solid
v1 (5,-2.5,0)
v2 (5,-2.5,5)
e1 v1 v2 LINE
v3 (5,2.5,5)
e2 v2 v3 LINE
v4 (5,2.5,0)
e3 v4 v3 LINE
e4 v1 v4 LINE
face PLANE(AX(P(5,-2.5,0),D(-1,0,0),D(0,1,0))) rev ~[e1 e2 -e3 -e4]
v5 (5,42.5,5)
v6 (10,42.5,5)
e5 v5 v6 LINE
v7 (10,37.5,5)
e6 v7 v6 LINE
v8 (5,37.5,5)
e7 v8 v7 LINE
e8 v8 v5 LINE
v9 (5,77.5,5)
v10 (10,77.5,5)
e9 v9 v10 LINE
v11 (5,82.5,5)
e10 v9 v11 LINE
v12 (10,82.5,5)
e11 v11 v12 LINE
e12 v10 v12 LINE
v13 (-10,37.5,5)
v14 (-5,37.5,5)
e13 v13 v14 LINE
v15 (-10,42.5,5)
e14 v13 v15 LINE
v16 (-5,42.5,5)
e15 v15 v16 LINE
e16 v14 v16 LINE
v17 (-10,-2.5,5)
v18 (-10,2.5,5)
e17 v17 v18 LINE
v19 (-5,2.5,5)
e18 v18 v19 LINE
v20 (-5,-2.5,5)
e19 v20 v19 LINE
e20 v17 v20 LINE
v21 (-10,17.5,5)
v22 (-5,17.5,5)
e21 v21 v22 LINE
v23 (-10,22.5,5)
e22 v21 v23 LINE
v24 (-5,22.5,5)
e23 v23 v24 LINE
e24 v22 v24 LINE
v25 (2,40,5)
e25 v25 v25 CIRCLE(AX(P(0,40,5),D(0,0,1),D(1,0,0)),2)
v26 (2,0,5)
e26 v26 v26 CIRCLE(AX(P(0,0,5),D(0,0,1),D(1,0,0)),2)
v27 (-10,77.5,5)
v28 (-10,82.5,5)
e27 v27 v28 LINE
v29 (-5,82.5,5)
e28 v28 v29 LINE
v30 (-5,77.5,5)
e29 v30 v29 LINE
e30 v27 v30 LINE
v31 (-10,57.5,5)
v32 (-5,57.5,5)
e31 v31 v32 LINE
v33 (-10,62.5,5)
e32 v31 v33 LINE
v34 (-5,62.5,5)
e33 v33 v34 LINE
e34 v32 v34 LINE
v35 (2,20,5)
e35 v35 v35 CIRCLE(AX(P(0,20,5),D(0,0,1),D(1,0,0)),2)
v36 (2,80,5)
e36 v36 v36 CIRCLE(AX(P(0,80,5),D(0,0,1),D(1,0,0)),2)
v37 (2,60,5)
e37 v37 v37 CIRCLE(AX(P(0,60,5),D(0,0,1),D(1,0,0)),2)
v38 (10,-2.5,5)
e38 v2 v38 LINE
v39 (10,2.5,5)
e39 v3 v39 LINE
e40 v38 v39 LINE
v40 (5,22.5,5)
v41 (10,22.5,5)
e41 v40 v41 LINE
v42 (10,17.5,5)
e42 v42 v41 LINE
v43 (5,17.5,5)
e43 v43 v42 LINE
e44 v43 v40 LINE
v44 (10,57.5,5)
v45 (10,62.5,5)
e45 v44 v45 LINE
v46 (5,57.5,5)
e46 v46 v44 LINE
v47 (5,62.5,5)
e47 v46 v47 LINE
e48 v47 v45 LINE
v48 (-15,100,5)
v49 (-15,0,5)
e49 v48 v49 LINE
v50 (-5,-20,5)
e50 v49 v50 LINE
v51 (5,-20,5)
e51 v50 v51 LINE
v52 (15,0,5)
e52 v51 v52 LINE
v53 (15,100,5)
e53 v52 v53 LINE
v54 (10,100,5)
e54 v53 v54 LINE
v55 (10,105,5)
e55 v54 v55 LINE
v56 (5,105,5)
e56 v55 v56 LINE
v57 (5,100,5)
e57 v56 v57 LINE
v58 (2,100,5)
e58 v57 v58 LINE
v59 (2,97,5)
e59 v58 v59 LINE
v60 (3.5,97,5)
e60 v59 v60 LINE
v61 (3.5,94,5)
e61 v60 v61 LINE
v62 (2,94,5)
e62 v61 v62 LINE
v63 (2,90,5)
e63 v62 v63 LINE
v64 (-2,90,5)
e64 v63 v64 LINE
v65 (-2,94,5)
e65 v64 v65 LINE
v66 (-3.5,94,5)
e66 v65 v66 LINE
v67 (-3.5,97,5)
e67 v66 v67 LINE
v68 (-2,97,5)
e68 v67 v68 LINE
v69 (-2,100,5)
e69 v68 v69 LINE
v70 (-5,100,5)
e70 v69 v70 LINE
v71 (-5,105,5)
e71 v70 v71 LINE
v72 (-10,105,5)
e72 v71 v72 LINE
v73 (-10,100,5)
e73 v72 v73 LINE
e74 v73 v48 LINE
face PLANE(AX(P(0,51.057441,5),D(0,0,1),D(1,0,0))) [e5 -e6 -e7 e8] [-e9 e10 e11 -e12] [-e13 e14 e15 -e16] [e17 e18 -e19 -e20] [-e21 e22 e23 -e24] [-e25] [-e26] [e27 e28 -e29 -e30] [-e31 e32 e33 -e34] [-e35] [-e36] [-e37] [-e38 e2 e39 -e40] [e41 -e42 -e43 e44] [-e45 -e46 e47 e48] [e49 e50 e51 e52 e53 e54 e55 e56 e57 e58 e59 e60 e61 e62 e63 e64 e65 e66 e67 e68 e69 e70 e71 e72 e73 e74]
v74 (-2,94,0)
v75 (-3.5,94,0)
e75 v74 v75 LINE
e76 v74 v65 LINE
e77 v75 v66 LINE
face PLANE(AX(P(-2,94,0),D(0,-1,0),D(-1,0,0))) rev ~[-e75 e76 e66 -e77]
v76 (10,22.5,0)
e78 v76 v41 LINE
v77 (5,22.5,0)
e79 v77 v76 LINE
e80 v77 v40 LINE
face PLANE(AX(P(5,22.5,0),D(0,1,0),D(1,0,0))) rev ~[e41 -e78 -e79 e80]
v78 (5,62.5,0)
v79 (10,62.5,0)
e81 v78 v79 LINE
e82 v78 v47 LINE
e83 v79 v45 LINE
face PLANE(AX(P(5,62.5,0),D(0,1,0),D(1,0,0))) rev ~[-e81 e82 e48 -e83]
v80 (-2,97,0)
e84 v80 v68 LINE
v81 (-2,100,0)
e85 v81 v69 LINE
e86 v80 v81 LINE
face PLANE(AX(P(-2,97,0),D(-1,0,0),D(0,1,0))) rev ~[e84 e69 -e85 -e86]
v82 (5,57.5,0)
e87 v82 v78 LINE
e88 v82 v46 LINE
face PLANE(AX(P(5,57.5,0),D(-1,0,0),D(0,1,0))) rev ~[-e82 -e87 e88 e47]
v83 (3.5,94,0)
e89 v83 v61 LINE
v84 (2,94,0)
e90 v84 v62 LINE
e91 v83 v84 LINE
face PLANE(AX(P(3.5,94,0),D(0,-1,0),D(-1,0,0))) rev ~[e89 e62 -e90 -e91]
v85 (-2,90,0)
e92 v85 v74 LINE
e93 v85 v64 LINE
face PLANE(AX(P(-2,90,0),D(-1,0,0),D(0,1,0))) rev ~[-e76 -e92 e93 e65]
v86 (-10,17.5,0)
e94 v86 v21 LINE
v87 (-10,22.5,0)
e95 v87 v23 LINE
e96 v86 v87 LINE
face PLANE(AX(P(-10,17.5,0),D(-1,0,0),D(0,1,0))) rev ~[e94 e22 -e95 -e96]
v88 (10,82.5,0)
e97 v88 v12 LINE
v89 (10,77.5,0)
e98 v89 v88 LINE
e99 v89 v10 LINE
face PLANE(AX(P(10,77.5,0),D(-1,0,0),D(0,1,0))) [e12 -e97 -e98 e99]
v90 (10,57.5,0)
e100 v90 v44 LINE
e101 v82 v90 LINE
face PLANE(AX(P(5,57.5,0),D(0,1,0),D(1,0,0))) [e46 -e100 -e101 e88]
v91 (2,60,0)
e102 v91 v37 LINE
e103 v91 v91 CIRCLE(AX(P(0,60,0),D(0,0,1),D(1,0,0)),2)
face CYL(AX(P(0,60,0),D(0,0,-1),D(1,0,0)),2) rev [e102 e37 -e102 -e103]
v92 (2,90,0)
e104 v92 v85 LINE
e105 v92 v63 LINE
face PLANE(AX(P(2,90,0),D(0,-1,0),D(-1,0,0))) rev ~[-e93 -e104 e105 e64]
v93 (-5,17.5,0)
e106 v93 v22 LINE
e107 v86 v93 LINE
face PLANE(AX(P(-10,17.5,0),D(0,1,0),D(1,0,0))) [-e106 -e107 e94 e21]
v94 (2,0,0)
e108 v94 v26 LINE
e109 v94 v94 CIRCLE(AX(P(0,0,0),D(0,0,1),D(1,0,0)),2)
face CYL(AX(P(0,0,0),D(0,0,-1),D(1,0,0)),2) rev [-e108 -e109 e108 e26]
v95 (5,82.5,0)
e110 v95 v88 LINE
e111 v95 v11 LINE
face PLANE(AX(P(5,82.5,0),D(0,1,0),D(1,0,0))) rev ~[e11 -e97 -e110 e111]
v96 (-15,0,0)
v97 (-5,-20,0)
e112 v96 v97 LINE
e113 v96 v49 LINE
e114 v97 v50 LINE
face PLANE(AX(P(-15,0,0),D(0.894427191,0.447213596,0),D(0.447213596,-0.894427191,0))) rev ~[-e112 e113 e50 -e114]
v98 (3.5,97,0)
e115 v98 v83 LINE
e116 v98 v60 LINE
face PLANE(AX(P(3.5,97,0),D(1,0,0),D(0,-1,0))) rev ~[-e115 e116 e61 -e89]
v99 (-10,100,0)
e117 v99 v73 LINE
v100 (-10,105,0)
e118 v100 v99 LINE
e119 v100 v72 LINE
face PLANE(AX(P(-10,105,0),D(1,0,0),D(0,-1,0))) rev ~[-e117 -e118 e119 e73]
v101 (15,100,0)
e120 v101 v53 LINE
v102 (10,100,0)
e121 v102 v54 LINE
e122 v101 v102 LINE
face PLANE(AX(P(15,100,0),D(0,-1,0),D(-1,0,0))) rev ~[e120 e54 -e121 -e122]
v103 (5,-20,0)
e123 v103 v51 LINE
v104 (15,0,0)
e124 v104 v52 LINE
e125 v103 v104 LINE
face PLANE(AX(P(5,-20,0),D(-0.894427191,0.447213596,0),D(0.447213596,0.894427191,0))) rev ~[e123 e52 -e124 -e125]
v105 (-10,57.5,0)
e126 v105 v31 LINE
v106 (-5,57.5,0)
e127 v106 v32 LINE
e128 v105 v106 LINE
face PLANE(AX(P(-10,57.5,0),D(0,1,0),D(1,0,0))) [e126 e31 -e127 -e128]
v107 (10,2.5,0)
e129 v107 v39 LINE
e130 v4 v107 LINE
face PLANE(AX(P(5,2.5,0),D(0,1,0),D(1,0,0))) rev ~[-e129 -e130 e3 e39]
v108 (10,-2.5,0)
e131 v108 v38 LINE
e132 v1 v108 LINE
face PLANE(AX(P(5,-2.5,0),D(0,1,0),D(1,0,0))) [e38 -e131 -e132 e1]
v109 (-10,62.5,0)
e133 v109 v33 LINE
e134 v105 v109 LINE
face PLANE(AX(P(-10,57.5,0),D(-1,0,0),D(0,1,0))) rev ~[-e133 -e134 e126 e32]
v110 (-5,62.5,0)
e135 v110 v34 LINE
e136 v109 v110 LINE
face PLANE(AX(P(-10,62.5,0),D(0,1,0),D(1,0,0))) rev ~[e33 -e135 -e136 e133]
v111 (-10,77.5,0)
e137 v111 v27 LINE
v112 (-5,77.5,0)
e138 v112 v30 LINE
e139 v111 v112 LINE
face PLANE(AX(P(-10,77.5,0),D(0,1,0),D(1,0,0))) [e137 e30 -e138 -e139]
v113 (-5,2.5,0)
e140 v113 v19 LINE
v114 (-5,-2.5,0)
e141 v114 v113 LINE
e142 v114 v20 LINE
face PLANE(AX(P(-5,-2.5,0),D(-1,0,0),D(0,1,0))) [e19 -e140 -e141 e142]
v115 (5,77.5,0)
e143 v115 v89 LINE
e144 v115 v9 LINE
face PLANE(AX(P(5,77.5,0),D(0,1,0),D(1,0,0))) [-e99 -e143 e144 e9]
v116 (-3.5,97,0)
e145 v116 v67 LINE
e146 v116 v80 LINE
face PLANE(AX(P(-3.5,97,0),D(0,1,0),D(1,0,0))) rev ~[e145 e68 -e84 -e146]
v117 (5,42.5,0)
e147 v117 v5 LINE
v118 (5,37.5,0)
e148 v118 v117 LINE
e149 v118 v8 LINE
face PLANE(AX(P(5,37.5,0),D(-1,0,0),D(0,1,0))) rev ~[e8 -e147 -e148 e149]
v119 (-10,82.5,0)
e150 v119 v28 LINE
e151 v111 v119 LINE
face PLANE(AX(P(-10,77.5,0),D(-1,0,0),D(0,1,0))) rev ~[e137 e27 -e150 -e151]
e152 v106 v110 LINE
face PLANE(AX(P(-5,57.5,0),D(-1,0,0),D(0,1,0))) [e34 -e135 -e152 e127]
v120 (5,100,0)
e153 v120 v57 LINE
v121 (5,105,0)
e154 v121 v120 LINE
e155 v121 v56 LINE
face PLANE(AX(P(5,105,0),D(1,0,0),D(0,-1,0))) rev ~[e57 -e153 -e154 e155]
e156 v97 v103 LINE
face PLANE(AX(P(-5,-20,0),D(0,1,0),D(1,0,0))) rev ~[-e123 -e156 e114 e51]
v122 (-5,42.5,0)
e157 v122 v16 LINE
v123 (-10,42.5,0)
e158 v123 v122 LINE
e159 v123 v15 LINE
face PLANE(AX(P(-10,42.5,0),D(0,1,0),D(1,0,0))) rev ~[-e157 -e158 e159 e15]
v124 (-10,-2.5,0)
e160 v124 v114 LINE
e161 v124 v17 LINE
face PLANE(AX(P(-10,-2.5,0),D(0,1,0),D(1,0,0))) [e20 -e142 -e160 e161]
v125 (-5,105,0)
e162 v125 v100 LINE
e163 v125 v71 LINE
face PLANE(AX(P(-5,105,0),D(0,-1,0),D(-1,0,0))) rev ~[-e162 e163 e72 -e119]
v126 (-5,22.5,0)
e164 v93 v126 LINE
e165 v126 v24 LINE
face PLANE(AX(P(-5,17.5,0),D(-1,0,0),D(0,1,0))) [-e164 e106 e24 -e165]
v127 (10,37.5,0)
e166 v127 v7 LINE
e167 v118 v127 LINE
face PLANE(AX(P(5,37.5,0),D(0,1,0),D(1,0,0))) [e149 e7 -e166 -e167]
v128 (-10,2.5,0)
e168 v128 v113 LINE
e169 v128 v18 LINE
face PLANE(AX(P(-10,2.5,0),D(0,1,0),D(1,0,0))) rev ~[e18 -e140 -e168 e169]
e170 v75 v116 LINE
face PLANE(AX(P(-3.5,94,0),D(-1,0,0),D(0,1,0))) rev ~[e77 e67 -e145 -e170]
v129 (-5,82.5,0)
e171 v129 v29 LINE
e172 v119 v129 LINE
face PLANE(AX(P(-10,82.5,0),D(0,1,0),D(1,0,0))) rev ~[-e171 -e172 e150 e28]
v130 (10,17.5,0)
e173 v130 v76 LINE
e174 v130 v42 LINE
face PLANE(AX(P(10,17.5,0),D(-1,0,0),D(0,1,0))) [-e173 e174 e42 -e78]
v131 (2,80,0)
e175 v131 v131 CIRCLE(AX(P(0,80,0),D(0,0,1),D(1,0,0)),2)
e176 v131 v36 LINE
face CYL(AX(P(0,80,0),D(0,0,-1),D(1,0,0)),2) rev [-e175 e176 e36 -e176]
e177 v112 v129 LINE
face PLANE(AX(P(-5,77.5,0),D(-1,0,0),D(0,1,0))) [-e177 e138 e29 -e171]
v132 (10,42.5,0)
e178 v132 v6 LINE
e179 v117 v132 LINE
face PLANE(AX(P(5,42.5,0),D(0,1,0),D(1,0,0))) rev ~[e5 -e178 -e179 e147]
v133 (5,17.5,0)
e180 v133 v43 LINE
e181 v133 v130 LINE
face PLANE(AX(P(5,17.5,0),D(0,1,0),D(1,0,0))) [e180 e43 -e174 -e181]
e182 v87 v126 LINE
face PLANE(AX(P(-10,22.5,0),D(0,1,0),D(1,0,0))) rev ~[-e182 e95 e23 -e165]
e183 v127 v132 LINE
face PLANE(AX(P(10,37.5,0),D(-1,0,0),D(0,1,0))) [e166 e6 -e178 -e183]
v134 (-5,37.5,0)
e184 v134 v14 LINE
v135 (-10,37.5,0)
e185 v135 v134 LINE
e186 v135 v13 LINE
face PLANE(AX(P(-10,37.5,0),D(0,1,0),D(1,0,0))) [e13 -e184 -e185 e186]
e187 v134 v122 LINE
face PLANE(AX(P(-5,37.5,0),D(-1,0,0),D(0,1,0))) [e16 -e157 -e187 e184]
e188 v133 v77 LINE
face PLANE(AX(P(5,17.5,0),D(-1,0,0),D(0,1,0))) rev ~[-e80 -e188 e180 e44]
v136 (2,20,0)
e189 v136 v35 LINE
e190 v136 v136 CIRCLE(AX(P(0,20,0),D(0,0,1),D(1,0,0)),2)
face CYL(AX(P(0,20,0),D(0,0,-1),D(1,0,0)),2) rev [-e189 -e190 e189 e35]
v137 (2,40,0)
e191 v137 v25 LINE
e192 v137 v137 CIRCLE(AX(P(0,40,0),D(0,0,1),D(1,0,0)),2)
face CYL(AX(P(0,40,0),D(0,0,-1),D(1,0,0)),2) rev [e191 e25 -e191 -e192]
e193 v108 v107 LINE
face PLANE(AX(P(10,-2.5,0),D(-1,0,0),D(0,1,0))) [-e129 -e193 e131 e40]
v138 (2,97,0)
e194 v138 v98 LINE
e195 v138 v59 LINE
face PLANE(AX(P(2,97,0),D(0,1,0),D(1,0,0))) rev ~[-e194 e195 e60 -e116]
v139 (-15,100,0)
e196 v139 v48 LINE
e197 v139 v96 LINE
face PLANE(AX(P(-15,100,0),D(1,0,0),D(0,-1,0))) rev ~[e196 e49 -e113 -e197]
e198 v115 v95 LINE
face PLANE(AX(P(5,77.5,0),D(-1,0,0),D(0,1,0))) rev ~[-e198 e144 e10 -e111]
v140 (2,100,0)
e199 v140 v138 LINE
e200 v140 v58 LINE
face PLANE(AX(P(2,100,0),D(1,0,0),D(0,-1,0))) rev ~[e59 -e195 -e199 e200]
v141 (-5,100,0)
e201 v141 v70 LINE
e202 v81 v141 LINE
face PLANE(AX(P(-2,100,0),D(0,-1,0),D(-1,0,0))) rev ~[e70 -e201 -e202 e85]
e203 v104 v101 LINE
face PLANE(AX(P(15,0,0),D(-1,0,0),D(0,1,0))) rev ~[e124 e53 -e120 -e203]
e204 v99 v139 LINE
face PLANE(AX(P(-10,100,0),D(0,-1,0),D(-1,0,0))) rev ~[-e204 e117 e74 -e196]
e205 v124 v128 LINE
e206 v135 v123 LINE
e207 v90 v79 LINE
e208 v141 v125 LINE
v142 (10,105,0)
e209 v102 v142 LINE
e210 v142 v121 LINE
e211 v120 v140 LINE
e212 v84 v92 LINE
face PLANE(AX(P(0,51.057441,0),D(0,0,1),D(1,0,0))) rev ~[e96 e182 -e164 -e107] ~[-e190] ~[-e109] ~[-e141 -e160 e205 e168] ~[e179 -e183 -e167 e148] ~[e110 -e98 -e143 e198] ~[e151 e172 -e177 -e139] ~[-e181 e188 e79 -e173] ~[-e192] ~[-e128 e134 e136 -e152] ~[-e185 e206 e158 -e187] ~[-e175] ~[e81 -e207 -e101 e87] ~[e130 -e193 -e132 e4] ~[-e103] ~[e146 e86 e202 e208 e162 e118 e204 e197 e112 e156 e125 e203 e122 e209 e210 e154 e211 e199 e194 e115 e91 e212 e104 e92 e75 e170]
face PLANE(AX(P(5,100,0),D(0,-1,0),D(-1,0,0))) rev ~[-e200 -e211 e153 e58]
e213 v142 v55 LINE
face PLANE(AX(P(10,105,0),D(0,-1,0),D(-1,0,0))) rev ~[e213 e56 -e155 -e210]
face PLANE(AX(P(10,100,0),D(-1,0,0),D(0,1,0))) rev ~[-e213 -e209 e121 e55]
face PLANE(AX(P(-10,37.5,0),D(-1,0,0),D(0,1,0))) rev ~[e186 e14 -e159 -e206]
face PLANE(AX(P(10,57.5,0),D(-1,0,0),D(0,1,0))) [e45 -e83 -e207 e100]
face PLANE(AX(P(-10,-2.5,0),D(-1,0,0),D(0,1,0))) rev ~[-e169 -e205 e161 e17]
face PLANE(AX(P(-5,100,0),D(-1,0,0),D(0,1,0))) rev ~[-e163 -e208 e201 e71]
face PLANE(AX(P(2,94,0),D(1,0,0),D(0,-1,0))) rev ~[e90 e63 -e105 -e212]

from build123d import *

# Parameters (mm, degrees)
ESQUISSE1_R        = 2
ESQUISSE1_W        = 5
ESQUISSE1_H        = 5
BOSS_EXTRU_1_DEPTH = 5


with BuildPart() as part:
    # Esquisse1 → Boss.-Extru.1 (new body)
    with BuildSketch(Plane.XY):
        Polygon((-10, 100), (-15, 100), (-15, 0), (-5, -20), (5, -20), (15, 0), (15, 100), (10, 100), (10, 105), (5, 105), (5, 100), (2, 100), (2, 97), (3.5, 97), (3.5, 94), (2, 94), (2, 90), (-2, 90), (-2, 94), (-3.5, 94), (-3.5, 97), (-2, 97), (-2, 100), (-5, 100), (-5, 105), (-10, 105), align=None)
        with Locations((0, 40)):
            Circle(ESQUISSE1_R, mode=Mode.SUBTRACT)
        with Locations((0, 20)):
            Circle(ESQUISSE1_R, mode=Mode.SUBTRACT)
        Circle(ESQUISSE1_R, mode=Mode.SUBTRACT)
        with Locations((0, 60)):
            Circle(ESQUISSE1_R, mode=Mode.SUBTRACT)
        with Locations((0, 80)):
            Circle(ESQUISSE1_R, mode=Mode.SUBTRACT)
        with Locations((-7.5, 40)):
            Rectangle(ESQUISSE1_W, ESQUISSE1_H, mode=Mode.SUBTRACT)
        with Locations((7.5, 40)):
            Rectangle(ESQUISSE1_W, ESQUISSE1_H, mode=Mode.SUBTRACT)
        with Locations((-7.5, 20)):
            Rectangle(ESQUISSE1_W, ESQUISSE1_H, mode=Mode.SUBTRACT)
        with Locations((7.5, 20)):
            Rectangle(ESQUISSE1_W, ESQUISSE1_H, mode=Mode.SUBTRACT)
        with Locations((-7.5, 0)):
            Rectangle(ESQUISSE1_W, ESQUISSE1_H, mode=Mode.SUBTRACT)
        with Locations((7.5, 0)):
            Rectangle(ESQUISSE1_W, ESQUISSE1_H, mode=Mode.SUBTRACT)
        with Locations((-7.5, 60)):
            Rectangle(ESQUISSE1_W, ESQUISSE1_H, mode=Mode.SUBTRACT)
        with Locations((7.5, 60)):
            Rectangle(ESQUISSE1_W, ESQUISSE1_H, mode=Mode.SUBTRACT)
        with Locations((-7.5, 80)):
            Rectangle(ESQUISSE1_W, ESQUISSE1_H, mode=Mode.SUBTRACT)
        with Locations((7.5, 80)):
            Rectangle(ESQUISSE1_W, ESQUISSE1_H, mode=Mode.SUBTRACT)
    extrude(amount=BOSS_EXTRU_1_DEPTH)


solid = part.part
